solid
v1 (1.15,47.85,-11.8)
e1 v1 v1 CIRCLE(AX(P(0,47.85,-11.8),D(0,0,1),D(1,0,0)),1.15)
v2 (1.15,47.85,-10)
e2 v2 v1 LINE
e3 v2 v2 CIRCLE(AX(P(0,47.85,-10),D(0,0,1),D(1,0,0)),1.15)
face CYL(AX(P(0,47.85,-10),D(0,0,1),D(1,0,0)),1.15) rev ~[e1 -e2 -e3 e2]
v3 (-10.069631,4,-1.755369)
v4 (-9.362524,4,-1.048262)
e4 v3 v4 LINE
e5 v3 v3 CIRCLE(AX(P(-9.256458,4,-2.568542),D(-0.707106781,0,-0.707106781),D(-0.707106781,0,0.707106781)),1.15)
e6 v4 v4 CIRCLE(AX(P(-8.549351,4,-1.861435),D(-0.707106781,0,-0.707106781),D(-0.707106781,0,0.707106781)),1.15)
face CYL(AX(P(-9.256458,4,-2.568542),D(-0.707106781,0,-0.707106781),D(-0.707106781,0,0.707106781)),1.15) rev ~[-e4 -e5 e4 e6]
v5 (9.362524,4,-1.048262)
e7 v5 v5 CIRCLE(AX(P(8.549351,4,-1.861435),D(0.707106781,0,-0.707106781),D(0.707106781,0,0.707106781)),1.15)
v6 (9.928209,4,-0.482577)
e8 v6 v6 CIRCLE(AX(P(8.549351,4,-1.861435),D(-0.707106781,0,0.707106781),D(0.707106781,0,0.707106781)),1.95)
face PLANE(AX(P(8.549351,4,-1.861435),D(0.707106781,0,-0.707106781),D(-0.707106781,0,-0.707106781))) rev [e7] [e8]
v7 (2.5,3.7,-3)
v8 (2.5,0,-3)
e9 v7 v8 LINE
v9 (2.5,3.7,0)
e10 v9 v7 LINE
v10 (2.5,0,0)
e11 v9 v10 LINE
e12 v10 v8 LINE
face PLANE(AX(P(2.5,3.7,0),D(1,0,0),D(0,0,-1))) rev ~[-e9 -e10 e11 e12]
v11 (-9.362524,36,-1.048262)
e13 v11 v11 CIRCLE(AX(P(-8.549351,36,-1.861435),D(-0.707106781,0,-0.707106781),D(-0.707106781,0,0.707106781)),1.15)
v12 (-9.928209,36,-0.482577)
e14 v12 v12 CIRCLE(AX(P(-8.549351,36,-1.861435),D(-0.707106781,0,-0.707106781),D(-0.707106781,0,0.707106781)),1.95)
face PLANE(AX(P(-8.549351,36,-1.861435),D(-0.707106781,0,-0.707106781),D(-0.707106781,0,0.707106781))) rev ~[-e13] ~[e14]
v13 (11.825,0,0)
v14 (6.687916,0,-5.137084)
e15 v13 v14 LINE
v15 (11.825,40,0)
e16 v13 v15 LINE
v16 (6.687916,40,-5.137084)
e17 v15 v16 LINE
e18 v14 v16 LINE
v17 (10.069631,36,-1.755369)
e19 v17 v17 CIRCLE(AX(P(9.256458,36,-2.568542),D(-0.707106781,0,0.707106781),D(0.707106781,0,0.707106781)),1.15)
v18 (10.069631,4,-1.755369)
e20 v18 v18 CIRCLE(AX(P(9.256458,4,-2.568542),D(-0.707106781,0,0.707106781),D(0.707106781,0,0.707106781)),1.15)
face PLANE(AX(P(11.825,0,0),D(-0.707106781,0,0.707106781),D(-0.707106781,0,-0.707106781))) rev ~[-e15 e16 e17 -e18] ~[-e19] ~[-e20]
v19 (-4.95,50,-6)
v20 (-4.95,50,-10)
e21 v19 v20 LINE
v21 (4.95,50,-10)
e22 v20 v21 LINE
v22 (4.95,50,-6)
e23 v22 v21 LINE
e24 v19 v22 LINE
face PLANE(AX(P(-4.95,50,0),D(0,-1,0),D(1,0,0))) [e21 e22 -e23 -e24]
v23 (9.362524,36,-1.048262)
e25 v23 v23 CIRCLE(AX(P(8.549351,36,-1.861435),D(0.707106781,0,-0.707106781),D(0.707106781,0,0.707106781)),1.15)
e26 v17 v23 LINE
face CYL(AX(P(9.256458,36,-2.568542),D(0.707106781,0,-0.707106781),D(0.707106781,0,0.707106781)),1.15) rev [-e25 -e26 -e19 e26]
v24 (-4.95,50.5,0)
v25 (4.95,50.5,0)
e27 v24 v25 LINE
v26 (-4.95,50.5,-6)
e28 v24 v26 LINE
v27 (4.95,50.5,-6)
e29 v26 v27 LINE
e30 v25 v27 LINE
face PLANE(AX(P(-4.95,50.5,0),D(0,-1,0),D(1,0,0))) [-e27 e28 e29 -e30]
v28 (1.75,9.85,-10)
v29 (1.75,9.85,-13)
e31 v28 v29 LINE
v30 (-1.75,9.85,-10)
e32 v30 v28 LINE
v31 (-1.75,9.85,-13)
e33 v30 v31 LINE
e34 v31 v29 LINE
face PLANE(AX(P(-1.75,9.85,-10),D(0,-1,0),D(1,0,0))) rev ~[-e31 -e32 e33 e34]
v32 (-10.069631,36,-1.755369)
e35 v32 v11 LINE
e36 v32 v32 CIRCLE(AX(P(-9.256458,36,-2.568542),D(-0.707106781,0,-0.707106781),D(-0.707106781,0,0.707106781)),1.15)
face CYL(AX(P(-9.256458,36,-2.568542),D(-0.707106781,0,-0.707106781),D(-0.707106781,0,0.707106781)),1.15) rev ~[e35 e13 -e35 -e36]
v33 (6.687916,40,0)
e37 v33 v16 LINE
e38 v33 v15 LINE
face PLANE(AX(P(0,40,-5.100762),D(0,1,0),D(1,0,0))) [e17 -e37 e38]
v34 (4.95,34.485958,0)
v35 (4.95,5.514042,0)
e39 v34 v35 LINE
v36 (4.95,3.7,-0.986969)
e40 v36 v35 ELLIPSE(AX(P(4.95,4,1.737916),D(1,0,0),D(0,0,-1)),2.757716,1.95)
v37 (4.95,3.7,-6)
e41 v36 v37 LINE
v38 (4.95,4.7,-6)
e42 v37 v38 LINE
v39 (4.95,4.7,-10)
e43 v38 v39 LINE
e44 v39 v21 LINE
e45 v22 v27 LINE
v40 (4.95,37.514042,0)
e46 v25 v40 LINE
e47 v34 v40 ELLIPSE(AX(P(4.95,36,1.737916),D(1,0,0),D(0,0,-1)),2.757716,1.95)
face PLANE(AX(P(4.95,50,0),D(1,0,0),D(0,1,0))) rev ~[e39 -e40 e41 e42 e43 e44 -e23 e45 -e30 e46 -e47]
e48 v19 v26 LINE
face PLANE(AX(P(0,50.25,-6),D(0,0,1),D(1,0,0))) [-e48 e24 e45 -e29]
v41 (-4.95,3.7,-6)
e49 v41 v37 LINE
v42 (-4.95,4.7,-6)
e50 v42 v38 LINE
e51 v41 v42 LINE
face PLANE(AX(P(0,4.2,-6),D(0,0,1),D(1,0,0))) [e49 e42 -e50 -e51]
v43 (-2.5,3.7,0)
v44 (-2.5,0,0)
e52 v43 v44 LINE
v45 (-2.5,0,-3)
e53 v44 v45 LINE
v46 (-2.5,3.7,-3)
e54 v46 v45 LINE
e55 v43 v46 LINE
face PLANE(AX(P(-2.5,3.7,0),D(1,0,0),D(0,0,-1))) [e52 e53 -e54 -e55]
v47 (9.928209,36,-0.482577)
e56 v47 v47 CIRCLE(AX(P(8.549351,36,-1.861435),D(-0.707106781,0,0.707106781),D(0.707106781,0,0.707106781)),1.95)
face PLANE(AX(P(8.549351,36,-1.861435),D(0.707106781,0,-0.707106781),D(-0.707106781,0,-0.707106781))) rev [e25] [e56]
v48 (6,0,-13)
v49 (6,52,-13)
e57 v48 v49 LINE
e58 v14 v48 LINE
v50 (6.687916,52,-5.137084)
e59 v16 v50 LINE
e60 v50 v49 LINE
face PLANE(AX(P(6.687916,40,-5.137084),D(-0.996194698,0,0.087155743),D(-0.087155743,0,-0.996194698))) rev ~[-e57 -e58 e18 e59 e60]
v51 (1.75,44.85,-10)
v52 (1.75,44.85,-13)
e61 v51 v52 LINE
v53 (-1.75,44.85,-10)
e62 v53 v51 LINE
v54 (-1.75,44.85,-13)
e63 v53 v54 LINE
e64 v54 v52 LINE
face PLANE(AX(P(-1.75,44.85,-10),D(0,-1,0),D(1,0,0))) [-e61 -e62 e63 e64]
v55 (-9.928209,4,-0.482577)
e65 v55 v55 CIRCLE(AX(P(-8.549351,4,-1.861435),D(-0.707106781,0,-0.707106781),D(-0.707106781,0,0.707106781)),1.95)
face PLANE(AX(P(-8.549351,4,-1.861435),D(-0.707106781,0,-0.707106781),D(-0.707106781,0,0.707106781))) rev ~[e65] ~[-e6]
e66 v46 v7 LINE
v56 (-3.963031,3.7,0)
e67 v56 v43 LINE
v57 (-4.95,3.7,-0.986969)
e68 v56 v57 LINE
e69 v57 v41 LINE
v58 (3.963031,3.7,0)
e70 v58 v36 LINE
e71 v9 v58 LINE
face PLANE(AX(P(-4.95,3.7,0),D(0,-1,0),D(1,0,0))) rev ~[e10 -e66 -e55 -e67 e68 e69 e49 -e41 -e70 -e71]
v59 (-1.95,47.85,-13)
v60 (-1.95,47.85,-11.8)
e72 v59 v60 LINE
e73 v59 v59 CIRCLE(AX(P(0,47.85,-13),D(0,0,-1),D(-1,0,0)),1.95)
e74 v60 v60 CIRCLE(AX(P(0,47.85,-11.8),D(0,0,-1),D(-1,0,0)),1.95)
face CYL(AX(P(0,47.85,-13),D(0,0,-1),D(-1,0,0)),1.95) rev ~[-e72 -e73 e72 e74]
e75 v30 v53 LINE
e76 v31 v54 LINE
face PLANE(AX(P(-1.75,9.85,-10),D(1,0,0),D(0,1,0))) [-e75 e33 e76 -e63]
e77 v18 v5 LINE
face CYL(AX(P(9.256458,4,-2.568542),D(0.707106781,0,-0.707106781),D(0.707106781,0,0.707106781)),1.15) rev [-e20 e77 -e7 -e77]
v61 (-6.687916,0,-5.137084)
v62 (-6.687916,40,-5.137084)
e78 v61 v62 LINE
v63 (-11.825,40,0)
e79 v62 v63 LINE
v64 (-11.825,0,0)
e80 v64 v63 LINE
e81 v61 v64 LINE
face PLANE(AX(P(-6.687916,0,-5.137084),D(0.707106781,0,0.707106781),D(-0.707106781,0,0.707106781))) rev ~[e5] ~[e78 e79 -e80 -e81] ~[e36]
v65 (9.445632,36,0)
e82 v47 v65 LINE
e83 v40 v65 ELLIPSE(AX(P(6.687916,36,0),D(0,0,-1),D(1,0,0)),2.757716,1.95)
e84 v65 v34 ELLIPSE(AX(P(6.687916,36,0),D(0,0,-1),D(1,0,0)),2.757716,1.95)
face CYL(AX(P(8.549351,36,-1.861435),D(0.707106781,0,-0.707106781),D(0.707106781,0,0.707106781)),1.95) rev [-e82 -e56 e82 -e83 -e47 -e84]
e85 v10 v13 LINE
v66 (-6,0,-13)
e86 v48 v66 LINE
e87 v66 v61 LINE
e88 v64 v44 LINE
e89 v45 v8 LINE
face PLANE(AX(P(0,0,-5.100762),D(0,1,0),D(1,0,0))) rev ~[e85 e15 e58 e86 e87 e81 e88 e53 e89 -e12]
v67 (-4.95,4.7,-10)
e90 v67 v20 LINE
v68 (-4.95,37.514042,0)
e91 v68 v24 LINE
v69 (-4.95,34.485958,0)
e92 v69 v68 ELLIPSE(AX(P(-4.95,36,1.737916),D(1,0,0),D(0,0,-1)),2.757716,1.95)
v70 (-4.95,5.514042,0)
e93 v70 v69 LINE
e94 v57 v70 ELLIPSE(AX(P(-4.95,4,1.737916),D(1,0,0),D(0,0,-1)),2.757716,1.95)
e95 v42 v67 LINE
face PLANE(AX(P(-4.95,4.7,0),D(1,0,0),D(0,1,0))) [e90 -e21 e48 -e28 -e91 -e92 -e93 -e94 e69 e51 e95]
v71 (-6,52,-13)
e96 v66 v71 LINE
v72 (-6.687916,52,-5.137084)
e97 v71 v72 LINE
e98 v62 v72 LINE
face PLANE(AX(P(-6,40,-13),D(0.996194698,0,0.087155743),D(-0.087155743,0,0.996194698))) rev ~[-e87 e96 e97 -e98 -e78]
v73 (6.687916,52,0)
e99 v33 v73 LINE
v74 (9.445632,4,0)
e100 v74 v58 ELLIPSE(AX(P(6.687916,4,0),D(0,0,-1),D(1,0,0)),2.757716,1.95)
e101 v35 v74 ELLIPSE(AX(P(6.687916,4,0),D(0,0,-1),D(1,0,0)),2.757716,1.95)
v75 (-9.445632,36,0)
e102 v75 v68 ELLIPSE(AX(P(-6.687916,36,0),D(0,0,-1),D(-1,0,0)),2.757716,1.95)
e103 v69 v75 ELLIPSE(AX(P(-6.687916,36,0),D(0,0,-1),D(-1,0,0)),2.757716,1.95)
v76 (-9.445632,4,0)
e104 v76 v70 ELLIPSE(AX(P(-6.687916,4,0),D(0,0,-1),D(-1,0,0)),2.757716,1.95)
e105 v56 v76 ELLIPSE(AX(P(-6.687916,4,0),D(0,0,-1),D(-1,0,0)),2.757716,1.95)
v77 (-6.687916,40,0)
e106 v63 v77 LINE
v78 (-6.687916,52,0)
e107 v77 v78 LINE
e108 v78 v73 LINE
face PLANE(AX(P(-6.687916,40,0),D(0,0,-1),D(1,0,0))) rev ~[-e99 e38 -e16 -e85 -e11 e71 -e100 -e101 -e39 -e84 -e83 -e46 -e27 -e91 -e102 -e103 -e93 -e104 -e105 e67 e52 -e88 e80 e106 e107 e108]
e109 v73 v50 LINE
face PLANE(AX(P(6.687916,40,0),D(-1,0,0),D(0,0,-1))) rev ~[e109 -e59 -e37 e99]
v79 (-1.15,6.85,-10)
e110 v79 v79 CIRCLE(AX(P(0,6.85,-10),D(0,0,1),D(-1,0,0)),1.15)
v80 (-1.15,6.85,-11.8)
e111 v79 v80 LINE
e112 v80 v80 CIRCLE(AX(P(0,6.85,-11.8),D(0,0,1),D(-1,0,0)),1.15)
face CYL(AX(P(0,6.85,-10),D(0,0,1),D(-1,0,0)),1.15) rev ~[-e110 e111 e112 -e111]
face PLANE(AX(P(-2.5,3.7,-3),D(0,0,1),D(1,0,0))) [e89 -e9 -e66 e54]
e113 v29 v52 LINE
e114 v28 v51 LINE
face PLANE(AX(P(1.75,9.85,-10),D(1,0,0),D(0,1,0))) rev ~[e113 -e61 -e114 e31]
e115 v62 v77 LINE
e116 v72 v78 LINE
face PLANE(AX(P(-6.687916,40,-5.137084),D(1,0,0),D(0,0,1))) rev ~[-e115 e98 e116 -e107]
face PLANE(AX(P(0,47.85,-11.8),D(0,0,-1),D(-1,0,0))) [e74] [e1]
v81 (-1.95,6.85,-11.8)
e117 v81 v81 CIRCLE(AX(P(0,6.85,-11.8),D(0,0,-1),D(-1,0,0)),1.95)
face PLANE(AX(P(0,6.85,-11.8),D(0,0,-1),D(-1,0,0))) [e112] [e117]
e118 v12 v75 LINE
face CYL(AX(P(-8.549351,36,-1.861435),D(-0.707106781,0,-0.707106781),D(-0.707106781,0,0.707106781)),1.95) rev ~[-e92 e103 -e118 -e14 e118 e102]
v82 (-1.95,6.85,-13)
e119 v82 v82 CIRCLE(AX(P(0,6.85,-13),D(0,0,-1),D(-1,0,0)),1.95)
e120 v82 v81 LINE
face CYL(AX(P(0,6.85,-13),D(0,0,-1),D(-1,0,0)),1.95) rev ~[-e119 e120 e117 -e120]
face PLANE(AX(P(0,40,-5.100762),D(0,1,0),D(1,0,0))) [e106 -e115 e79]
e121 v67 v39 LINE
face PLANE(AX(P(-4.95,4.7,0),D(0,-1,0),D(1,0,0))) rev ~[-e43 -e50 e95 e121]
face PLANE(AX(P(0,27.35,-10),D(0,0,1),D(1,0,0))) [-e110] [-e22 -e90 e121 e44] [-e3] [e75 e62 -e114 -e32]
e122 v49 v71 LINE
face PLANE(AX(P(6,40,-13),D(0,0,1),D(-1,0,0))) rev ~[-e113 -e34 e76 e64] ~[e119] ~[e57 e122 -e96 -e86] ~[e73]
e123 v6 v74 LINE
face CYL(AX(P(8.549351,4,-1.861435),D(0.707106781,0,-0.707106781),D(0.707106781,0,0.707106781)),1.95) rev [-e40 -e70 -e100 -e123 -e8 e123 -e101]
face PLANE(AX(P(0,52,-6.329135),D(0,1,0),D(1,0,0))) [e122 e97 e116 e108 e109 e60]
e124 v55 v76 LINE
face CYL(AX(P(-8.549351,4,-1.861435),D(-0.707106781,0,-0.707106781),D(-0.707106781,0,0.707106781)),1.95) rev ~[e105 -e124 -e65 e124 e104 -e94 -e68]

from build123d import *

# Parameters (mm, degrees)
EXTRUDE_1_DEPTH     = 40
EXTRUDE_2_DEPTH     = 12
SKETCH_3_W          = 9.9
SKETCH_3_H          = 45.3
CUT_EXTRUDE_1_DEPTH = 10
SKETCH_4_W          = 3.5
SKETCH_4_H          = 35
CUT_EXTRUDE_2_DEPTH = 55.257079031
SKETCH_5_W          = 9.9
SKETCH_5_H          = 0.5
SKETCH_5_H_2        = 1
CUT_EXTRUDE_3_DEPTH = 6
SKETCH_6_R          = 1.15
CUT_EXTRUDE_4_DEPTH = 55.257079031
SKETCH_7_R          = 1.95
CUT_EXTRUDE_5_DEPTH = 1.2
SKETCH_10_R         = 1.15
CUT_EXTRUDE_6_DEPTH = 10
CUT_EXTRUDE_START   = -1
SKETCH_11_R         = 1.95
CUT_EXTRUDE_7_DEPTH = 10
SKETCH_12_W         = 5
SKETCH_12_H         = 3
CUT_EXTRUDE_8_DEPTH = 52.397671397


with BuildPart() as part:
    # 草图1 → 凸台-拉伸1 (new body)
    with BuildSketch(Plane(origin=(0, 0, 0), x_dir=(1, 0, 0), z_dir=(0, 1, 0))):
        Polygon((6.687916013, 5.137083987), (6, 13), (-6, 13), (-6.687916013, 5.137083987), (-11.825, 0), (11.825, 0), align=None)
    extrude(amount=EXTRUDE_1_DEPTH)

    # 草图2 → 凸台-拉伸2 (add)
    with BuildSketch(Plane(origin=(0, 40, 0), x_dir=(1, 0, 0), z_dir=(0, 1, 0))):
        Polygon((6.687916013, 5.137083987), (6, 13), (-6, 13), (-6.687916013, 5.137083987), (-6.687916013, 0), (6.687916013, 0), align=None)
    extrude(amount=EXTRUDE_2_DEPTH)

    # 草图3 → 切除-拉伸1 (cut)
    with BuildSketch(Plane.XY):
        with Locations((0, 27.35)):
            Rectangle(SKETCH_3_W, SKETCH_3_H)
    extrude(amount=-CUT_EXTRUDE_1_DEPTH, mode=Mode.SUBTRACT)

    # 草图4 → 切除-拉伸2 (cut, through all)
    with BuildSketch(Plane.XY.offset(-10)):
        with Locations((0, 27.35)):
            Rectangle(SKETCH_4_W, SKETCH_4_H)
    extrude(amount=-CUT_EXTRUDE_2_DEPTH, mode=Mode.SUBTRACT)

    # 草图5 → 切除-拉伸3 (cut)
    with BuildSketch(Plane.XY):
        with Locations((0, 50.25)):
            Rectangle(SKETCH_5_W, SKETCH_5_H)
        with Locations((0, 4.2)):
            Rectangle(SKETCH_5_W, SKETCH_5_H_2)
    extrude(amount=-CUT_EXTRUDE_3_DEPTH, mode=Mode.SUBTRACT)

    # 草图6 → 切除-拉伸4 (cut, through all)
    with BuildSketch(Plane.XY.offset(-10)):
        with Locations((0, 47.85)):
            Circle(SKETCH_6_R)
        with Locations(Location((0, 6.85, 0), (0, 0, 180))):
            Circle(SKETCH_6_R)
    extrude(amount=-CUT_EXTRUDE_4_DEPTH, mode=Mode.SUBTRACT)

    # 草图7 → 切除-拉伸5 (cut)
    with BuildSketch(Plane(origin=(0, 0, -13), x_dir=(-1, 0, 0), z_dir=(0, 0, -1))):
        with Locations((0, 47.85)):
            Circle(SKETCH_7_R)
        with Locations((0, 6.85)):
            Circle(SKETCH_7_R)
    extrude(amount=-CUT_EXTRUDE_5_DEPTH, mode=Mode.SUBTRACT)

    # 草图10 → 切除-拉伸6 (cut)
    with BuildSketch(Plane(origin=(-5.9125, 0, -5.9125), x_dir=(-0.7071067811865515, 0, 0.7071067811865437), z_dir=(-0.7071067811865437, 0, -0.7071067811865515))):
        with Locations((4.729070765, 36)):
            Circle(SKETCH_10_R)
        with Locations((4.729070765, 4)):
            Circle(SKETCH_10_R)
    cut_extrude_6 = extrude(amount=-CUT_EXTRUDE_6_DEPTH, mode=Mode.SUBTRACT)

    # 草图11 → 切除-拉伸7 (cut)
    with BuildSketch(Plane(origin=(-5.9125, 0, -5.9125), x_dir=(-0.7071067811865515, 0, 0.7071067811865437), z_dir=(-0.7071067811865437, 0, -0.7071067811865515)).offset(CUT_EXTRUDE_START)):
        with Locations((4.729070765, 36)):
            Circle(SKETCH_11_R)
        with Locations((4.729070765, 4)):
            Circle(SKETCH_11_R)
    cut_extrude_7 = extrude(amount=-CUT_EXTRUDE_7_DEPTH, mode=Mode.SUBTRACT)

    # 镜向1: 切除-拉伸6, 切除-拉伸7 across plane
    add(cut_extrude_6.mirror(Plane(origin=(0, 0, 0), x_dir=(0, 0, 1), z_dir=(1, 0, 0))), mode=Mode.SUBTRACT)
    add(cut_extrude_7.mirror(Plane(origin=(0, 0, 0), x_dir=(0, 0, 1), z_dir=(1, 0, 0))), mode=Mode.SUBTRACT)

    # 草图12 → 切除-拉伸8 (cut, through all)
    with BuildSketch(Plane(origin=(0, 3.7, 0), x_dir=(1, 0, 0), z_dir=(0, 1, 0))):
        with Locations((0, 1.5)):
            Rectangle(SKETCH_12_W, SKETCH_12_H)
    extrude(amount=-CUT_EXTRUDE_8_DEPTH, mode=Mode.SUBTRACT)


solid = part.part
